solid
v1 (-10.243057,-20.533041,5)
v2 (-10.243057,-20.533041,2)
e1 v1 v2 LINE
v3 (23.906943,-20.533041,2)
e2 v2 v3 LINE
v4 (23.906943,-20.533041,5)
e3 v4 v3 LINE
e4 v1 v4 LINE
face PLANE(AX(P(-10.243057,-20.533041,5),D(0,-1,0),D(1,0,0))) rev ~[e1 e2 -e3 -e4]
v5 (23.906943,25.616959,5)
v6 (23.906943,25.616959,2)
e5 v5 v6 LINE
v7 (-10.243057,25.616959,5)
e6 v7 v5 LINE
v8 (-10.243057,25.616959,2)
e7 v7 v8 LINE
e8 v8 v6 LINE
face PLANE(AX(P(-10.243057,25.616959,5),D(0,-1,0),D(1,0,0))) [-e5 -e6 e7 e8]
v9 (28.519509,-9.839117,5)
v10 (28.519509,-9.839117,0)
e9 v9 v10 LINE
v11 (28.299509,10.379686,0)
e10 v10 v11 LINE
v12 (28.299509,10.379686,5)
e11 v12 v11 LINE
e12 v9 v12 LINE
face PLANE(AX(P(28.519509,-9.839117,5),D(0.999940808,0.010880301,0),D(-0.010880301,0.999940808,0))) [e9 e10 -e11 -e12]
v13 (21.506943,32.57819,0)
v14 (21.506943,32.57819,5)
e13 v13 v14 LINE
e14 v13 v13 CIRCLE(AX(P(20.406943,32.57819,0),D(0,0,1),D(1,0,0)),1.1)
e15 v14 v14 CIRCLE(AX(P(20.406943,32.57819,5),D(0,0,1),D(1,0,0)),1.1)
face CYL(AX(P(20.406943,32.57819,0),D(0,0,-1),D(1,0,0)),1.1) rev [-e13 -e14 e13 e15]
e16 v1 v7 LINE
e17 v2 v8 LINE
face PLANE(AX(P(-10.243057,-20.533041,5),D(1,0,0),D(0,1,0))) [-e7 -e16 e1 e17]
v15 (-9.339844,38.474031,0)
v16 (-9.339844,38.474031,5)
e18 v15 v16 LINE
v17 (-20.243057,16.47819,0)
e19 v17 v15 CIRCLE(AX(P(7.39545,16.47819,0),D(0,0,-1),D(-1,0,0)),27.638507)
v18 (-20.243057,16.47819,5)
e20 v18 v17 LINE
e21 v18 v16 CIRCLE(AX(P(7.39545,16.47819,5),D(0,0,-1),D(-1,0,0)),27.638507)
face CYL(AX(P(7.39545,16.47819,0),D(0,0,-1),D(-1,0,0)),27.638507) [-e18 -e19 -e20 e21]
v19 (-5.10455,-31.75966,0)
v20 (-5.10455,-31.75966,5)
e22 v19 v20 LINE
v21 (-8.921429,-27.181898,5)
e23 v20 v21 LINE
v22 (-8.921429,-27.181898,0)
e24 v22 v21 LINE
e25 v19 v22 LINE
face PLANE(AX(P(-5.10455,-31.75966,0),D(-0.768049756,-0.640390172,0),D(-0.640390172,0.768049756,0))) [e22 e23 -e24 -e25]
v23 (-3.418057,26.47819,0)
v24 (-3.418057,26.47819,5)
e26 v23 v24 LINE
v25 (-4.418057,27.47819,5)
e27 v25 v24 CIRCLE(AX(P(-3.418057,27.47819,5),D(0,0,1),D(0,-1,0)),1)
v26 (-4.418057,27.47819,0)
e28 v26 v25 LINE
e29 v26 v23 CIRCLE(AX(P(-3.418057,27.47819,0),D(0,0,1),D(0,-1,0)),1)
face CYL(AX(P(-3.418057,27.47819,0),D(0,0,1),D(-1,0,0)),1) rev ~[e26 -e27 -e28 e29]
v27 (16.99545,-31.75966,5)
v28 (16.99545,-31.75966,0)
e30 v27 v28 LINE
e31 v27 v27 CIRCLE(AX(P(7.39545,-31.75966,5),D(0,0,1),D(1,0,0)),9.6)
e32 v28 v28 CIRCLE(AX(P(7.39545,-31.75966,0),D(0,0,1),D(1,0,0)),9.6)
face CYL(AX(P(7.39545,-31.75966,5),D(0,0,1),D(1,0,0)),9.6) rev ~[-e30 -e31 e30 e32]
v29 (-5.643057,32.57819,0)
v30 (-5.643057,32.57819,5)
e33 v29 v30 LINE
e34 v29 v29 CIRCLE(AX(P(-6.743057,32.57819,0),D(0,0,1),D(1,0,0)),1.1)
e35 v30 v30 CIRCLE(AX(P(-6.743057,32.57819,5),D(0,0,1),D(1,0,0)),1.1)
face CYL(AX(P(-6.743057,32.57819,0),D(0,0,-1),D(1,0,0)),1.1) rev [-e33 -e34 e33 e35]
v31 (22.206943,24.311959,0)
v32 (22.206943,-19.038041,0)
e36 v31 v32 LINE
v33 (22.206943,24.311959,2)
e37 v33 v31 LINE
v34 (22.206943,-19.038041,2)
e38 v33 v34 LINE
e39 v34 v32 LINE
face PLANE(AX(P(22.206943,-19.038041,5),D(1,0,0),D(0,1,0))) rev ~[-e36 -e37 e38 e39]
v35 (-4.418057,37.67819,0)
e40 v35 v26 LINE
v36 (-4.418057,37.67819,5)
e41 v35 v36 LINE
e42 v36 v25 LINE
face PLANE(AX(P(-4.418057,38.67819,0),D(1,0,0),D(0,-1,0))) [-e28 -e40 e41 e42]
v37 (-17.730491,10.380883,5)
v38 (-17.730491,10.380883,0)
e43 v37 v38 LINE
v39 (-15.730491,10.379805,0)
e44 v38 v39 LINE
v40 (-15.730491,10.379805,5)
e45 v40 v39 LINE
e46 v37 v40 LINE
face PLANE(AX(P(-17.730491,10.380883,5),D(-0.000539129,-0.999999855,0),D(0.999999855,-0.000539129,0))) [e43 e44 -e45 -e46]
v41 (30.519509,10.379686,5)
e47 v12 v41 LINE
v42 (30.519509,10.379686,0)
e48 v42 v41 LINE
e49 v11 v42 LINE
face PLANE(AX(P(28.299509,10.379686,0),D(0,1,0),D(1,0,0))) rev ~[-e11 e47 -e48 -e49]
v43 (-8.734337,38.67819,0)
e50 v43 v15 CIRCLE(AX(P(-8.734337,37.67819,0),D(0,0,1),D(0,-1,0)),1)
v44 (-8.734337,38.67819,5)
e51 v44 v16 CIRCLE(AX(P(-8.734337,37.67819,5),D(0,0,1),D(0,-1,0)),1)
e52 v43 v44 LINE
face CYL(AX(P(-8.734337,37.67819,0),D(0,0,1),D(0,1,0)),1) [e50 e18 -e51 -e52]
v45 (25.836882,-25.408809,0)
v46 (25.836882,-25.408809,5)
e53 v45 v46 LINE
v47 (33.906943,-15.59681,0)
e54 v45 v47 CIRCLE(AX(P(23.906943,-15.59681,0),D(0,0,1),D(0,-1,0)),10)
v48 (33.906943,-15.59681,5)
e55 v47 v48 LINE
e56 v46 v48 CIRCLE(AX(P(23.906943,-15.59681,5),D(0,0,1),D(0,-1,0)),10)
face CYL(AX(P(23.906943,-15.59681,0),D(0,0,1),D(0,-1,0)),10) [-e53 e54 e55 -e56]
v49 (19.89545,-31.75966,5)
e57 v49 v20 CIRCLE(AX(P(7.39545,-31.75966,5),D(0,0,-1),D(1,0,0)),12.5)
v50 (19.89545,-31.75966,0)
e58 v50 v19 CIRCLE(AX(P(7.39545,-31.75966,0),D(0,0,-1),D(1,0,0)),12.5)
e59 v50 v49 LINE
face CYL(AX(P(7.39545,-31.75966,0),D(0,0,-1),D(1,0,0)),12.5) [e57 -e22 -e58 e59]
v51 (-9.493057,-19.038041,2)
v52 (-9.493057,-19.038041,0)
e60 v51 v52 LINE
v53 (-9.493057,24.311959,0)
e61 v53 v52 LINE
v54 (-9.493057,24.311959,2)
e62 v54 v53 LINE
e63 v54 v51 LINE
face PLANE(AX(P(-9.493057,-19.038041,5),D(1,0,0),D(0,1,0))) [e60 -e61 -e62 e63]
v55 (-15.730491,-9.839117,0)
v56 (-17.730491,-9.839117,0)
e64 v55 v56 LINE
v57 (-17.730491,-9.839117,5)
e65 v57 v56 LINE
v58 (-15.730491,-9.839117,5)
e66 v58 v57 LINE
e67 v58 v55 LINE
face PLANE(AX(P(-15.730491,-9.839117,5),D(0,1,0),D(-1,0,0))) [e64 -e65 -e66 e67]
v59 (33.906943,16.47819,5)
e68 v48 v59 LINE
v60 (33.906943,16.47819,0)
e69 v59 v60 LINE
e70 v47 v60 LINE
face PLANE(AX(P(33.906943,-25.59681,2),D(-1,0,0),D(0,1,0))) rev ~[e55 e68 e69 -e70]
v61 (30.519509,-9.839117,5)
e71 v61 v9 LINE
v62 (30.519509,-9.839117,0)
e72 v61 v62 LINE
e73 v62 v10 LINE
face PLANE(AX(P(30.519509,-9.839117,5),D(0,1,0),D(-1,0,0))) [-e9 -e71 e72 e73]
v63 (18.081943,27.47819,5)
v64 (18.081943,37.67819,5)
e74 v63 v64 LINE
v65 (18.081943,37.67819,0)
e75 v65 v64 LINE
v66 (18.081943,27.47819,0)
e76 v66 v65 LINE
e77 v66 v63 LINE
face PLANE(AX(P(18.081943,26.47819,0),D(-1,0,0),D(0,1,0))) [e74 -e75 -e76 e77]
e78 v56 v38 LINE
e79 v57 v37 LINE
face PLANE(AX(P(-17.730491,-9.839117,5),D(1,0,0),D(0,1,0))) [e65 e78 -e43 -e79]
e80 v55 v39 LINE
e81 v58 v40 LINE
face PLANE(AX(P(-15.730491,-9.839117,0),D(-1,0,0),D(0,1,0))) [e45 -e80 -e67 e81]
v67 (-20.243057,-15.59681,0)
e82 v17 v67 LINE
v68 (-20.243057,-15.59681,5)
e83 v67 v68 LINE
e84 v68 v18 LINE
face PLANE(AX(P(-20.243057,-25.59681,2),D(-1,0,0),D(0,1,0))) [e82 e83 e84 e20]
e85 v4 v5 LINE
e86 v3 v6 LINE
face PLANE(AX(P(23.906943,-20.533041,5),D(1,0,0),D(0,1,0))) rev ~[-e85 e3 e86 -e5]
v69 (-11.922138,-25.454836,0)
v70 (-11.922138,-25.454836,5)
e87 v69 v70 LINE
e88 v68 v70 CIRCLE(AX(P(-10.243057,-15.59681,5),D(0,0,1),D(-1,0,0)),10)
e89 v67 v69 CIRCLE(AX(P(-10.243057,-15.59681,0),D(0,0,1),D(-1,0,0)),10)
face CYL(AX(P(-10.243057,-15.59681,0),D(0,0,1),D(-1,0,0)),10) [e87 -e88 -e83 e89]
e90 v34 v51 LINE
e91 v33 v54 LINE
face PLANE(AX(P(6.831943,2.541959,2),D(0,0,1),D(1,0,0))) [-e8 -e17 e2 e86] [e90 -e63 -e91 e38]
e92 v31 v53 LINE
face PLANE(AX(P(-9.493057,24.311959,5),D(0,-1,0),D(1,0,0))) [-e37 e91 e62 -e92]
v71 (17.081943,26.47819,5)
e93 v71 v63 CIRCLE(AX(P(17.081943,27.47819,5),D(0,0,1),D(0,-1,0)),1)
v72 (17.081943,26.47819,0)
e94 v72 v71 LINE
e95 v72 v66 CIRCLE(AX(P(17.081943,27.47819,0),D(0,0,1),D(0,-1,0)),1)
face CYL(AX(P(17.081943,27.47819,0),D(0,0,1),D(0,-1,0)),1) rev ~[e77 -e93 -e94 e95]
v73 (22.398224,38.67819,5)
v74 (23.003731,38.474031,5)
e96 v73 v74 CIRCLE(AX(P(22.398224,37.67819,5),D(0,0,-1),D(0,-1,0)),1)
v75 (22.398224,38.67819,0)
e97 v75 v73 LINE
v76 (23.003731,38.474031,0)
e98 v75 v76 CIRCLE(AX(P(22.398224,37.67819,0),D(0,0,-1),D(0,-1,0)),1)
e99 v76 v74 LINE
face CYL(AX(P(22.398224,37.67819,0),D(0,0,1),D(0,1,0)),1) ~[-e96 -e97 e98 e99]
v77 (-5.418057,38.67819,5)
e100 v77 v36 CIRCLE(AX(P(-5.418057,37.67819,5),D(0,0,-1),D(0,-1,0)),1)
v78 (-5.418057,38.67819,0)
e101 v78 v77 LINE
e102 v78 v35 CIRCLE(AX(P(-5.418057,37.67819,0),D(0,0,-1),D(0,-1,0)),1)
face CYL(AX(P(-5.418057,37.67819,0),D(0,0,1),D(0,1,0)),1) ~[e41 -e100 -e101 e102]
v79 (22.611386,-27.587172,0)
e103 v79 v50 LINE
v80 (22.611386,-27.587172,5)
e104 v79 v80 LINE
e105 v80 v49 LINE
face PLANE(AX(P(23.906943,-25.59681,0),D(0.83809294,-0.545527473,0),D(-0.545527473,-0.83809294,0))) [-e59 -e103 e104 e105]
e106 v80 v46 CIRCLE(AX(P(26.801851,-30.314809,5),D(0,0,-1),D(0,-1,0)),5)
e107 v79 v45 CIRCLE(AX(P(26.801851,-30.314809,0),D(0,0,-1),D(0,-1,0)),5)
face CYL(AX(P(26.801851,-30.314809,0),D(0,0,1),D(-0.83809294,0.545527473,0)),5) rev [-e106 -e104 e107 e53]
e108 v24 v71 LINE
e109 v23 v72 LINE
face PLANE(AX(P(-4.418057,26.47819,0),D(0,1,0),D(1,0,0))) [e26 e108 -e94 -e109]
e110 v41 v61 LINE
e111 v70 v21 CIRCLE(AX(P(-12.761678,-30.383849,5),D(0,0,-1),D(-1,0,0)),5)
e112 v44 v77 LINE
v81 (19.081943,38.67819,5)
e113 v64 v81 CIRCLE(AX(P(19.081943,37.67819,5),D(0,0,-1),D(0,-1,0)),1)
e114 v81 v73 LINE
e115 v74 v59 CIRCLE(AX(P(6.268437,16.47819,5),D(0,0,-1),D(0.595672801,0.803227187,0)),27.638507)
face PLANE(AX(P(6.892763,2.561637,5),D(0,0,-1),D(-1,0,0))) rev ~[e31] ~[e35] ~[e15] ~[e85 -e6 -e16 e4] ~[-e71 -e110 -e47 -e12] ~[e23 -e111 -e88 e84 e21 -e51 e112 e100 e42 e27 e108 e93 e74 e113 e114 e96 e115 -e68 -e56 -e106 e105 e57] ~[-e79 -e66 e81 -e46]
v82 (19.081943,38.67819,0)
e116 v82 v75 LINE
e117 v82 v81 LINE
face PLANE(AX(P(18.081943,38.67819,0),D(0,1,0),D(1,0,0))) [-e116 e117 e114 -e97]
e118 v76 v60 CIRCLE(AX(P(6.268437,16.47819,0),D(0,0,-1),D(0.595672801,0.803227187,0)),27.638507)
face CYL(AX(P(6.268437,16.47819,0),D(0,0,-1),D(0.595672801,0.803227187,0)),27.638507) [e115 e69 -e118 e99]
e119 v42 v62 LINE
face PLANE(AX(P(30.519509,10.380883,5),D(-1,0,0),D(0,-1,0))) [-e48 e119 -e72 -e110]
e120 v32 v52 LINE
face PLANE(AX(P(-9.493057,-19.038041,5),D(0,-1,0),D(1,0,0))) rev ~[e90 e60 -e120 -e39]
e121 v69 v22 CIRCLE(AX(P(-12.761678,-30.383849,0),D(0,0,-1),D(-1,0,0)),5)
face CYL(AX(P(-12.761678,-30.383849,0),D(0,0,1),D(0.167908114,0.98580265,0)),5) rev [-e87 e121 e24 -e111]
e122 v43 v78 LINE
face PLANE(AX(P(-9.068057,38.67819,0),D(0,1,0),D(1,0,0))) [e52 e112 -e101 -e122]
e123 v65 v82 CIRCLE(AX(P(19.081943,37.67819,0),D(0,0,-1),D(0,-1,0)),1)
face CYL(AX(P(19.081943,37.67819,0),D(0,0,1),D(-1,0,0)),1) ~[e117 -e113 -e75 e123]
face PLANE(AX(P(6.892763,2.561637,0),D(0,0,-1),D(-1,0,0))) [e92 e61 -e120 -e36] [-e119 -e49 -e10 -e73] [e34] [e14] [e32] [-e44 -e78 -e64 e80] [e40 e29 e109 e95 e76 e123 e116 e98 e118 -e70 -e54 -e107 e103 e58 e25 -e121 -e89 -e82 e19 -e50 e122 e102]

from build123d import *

# Parameters (mm, degrees)
ESQUISSE1_W             = 31.7
ESQUISSE1_H             = 43.35
BOSS_EXTRU_1_DEPTH      = 2
ESQUISSE2_W             = 54.15
ESQUISSE2_H             = 52.075
ESQUISSE2_W_2           = 34.15
ESQUISSE2_H_2           = 46.15
BOSS_EXTRU_2_DEPTH      = 3
ENL_V_MAT_EXTRU_1_DEPTH = 44.310222651
CONG_1_R                = 10
BOSS_EXTRU_3_START      = 5
ESQUISSE4_R             = 1.1
ESQUISSE4_W             = 2
ESQUISSE4_H             = 20.22
ESQUISSE4_W_2           = 2.219999677
ESQUISSE4_H_2           = 20.218803133
BOSS_EXTRU_3_DEPTH      = 5
CONG_2_R                = 1
CONG_3_R                = 5
ESQUISSE5_R             = 9.6
ENL_V_MAT_EXTRU_2_DEPTH = 56.978552241
ESQUISSE7_W             = 31.7
ESQUISSE7_H             = 43.35
ENL_V_MAT_EXTRU_3_DEPTH = 56.978552241
ESQUISSE7_4_W           = 34.15
ESQUISSE7_4_H           = 46.15
ENL_V_MAT_EXTRU_4_DEPTH = 3


with BuildPart() as part:
    # Esquisse1 → Boss.-Extru.1 (new body)
    with BuildSketch(Plane.XY):
        Polygon((-20.243056538, 24.478190482), (-20.243056538, -25.521809518), (-20.243056538, -25.596809518), (6.831943462, -25.596809518), (33.906943462, -25.596809518), (33.906943462, -25.521809518), (33.906943462, 24.478190482), (33.906943462, 26.478190482), (5.831943462, 26.478190482), (-20.243056538, 26.478190482), align=None)
        with Locations((6.356943462, -0.426809518)):
            Rectangle(ESQUISSE1_W, ESQUISSE1_H, mode=Mode.SUBTRACT)
    extrude(amount=BOSS_EXTRU_1_DEPTH)

    # Esquisse2 → Boss.-Extru.2 (add)
    with BuildSketch(Plane.XY.offset(2)):
        with Locations((6.831943462, 0.440690482)):
            Rectangle(ESQUISSE2_W, ESQUISSE2_H)
        with Locations((5.881943462, -0.331809518)):
            Rectangle(ESQUISSE2_W_2, ESQUISSE2_H_2, mode=Mode.SUBTRACT)
    extrude(amount=BOSS_EXTRU_2_DEPTH)

    # Esquisse3 → Enl_v. mat.-Extru.1 (cut, through all)
    with BuildSketch(Plane.XY.offset(5)):
        Polygon((-17.730491461, -9.839116901), (-17.730491461, 10.380883099), (-15.510491784, 10.379686232), (-15.730491461, -9.839116901), align=None)
        Polygon((28.519508539, -9.839116901), (28.299508862, 10.379686232), (30.519508539, 10.380883099), (30.519508539, -9.839116901), align=None)
    extrude(amount=-ENL_V_MAT_EXTRU_1_DEPTH, mode=Mode.SUBTRACT)

    # Cong_1
    cong_1_edges = [part.edges().sort_by_distance(p)[0] for p in [
        (33.906943462, 26.478190482, 2.5),
        (33.906943462, -25.596809518, 2.5),
        (-20.243056538, -25.596809518, 2.5),
        (-20.243056538, 26.478190482, 2.5),
    ]]
    fillet(cong_1_edges, radius=CONG_1_R)

    # Esquisse4 → Boss.-Extru.3 (add)
    with BuildSketch(Plane.XY.offset(BOSS_EXTRU_3_START)):
        with BuildLine():
            Line((-9.068056538, 38.678190482), (-4.418056538, 38.678190482))
            Line((-4.418056538, 38.678190482), (-4.418056538, 26.478190482))
            Line((-4.418056538, 26.478190482), (18.081943462, 26.478190482))
            Line((18.081943462, 26.478190482), (18.081943462, 38.678190482))
            Line((18.081943462, 38.678190482), (22.731943462, 38.678190482))
            ThreePointArc((22.731943462, 38.678190482), (30.955617573, 28.905183532), (33.906943462, 16.478190482))
            Line((33.906943462, 16.478190482), (33.906943462, -15.596809518))
            ThreePointArc((33.906943462, -15.596809518), (30.978011273, -22.66787733), (23.906943462, -25.596809518))
            Line((23.906943462, -25.596809518), (19.895450173, -31.759659919))
            ThreePointArc((19.895450173, -31.759659919), (7.395450173, -44.259659919), (-5.104549827, -31.759659919))
            Line((-5.104549827, -31.759659919), (-10.243056538, -25.596809518))
            ThreePointArc((-10.243056538, -25.596809518), (-17.31412435, -22.66787733), (-20.243056538, -15.596809518))
            Line((-20.243056538, -15.596809518), (-20.243056538, 16.478190482))
            ThreePointArc((-20.243056538, 16.478190482), (-17.29173065, 28.905183532), (-9.068056538, 38.678190482))
        make_face()
        with Locations((-6.743056538, 32.578190482)):
            Circle(ESQUISSE4_R, mode=Mode.SUBTRACT)
        with Locations((20.406943462, 32.578190482)):
            Circle(ESQUISSE4_R, mode=Mode.SUBTRACT)
        with Locations((-16.730491461, 0.270883099)):
            Rectangle(ESQUISSE4_W, ESQUISSE4_H, mode=Mode.SUBTRACT)
        with Locations((29.409508701, 0.270284666)):
            Rectangle(ESQUISSE4_W_2, ESQUISSE4_H_2, mode=Mode.SUBTRACT)
    extrude(amount=-BOSS_EXTRU_3_DEPTH)

    # Cong_2
    cong_2_edges = [part.edges().sort_by_distance(p)[0] for p in [
        (-4.418056538, 26.478190482, 2.5),
        (18.081943462, 38.678190482, 2.5),
        (-4.418056538, 38.678190482, 2.5),
        (18.081943462, 26.478190482, 2.5),
        (22.731943462, 38.678190482, 2.5),
        (-9.068056538, 38.678190482, 2.5),
    ]]
    fillet(cong_2_edges, radius=CONG_2_R)

    # Cong_3
    cong_3_edges = [part.edges().sort_by_distance(p)[0] for p in [
        (-10.243056538, -25.596809518, 2.5),
        (23.906943462, -25.596809518, 2.5),
    ]]
    fillet(cong_3_edges, radius=CONG_3_R)

    # Esquisse5 → Enl_v. mat.-Extru.2 (cut, through all)
    with BuildSketch(Plane.XY.offset(5)):
        with Locations((7.395450173, -31.759659919)):
            Circle(ESQUISSE5_R)
    extrude(amount=-ENL_V_MAT_EXTRU_2_DEPTH, mode=Mode.SUBTRACT)

    # Esquisse7 → Enl_v. mat.-Extru.3 (cut, through all)
    with BuildSketch(Plane.XY.offset(5)):
        with Locations((6.356943462, 2.63695892)):
            Rectangle(ESQUISSE7_W, ESQUISSE7_H)
    extrude(amount=-ENL_V_MAT_EXTRU_3_DEPTH, mode=Mode.SUBTRACT)

    # Esquisse7_4 → Enl_v. mat.-Extru.4 (cut)
    with BuildSketch(Plane.XY.offset(5)):
        with Locations((6.831943462, 2.54195892)):
            Rectangle(ESQUISSE7_4_W, ESQUISSE7_4_H)
    extrude(amount=-ENL_V_MAT_EXTRU_4_DEPTH, mode=Mode.SUBTRACT)


solid = part.part
